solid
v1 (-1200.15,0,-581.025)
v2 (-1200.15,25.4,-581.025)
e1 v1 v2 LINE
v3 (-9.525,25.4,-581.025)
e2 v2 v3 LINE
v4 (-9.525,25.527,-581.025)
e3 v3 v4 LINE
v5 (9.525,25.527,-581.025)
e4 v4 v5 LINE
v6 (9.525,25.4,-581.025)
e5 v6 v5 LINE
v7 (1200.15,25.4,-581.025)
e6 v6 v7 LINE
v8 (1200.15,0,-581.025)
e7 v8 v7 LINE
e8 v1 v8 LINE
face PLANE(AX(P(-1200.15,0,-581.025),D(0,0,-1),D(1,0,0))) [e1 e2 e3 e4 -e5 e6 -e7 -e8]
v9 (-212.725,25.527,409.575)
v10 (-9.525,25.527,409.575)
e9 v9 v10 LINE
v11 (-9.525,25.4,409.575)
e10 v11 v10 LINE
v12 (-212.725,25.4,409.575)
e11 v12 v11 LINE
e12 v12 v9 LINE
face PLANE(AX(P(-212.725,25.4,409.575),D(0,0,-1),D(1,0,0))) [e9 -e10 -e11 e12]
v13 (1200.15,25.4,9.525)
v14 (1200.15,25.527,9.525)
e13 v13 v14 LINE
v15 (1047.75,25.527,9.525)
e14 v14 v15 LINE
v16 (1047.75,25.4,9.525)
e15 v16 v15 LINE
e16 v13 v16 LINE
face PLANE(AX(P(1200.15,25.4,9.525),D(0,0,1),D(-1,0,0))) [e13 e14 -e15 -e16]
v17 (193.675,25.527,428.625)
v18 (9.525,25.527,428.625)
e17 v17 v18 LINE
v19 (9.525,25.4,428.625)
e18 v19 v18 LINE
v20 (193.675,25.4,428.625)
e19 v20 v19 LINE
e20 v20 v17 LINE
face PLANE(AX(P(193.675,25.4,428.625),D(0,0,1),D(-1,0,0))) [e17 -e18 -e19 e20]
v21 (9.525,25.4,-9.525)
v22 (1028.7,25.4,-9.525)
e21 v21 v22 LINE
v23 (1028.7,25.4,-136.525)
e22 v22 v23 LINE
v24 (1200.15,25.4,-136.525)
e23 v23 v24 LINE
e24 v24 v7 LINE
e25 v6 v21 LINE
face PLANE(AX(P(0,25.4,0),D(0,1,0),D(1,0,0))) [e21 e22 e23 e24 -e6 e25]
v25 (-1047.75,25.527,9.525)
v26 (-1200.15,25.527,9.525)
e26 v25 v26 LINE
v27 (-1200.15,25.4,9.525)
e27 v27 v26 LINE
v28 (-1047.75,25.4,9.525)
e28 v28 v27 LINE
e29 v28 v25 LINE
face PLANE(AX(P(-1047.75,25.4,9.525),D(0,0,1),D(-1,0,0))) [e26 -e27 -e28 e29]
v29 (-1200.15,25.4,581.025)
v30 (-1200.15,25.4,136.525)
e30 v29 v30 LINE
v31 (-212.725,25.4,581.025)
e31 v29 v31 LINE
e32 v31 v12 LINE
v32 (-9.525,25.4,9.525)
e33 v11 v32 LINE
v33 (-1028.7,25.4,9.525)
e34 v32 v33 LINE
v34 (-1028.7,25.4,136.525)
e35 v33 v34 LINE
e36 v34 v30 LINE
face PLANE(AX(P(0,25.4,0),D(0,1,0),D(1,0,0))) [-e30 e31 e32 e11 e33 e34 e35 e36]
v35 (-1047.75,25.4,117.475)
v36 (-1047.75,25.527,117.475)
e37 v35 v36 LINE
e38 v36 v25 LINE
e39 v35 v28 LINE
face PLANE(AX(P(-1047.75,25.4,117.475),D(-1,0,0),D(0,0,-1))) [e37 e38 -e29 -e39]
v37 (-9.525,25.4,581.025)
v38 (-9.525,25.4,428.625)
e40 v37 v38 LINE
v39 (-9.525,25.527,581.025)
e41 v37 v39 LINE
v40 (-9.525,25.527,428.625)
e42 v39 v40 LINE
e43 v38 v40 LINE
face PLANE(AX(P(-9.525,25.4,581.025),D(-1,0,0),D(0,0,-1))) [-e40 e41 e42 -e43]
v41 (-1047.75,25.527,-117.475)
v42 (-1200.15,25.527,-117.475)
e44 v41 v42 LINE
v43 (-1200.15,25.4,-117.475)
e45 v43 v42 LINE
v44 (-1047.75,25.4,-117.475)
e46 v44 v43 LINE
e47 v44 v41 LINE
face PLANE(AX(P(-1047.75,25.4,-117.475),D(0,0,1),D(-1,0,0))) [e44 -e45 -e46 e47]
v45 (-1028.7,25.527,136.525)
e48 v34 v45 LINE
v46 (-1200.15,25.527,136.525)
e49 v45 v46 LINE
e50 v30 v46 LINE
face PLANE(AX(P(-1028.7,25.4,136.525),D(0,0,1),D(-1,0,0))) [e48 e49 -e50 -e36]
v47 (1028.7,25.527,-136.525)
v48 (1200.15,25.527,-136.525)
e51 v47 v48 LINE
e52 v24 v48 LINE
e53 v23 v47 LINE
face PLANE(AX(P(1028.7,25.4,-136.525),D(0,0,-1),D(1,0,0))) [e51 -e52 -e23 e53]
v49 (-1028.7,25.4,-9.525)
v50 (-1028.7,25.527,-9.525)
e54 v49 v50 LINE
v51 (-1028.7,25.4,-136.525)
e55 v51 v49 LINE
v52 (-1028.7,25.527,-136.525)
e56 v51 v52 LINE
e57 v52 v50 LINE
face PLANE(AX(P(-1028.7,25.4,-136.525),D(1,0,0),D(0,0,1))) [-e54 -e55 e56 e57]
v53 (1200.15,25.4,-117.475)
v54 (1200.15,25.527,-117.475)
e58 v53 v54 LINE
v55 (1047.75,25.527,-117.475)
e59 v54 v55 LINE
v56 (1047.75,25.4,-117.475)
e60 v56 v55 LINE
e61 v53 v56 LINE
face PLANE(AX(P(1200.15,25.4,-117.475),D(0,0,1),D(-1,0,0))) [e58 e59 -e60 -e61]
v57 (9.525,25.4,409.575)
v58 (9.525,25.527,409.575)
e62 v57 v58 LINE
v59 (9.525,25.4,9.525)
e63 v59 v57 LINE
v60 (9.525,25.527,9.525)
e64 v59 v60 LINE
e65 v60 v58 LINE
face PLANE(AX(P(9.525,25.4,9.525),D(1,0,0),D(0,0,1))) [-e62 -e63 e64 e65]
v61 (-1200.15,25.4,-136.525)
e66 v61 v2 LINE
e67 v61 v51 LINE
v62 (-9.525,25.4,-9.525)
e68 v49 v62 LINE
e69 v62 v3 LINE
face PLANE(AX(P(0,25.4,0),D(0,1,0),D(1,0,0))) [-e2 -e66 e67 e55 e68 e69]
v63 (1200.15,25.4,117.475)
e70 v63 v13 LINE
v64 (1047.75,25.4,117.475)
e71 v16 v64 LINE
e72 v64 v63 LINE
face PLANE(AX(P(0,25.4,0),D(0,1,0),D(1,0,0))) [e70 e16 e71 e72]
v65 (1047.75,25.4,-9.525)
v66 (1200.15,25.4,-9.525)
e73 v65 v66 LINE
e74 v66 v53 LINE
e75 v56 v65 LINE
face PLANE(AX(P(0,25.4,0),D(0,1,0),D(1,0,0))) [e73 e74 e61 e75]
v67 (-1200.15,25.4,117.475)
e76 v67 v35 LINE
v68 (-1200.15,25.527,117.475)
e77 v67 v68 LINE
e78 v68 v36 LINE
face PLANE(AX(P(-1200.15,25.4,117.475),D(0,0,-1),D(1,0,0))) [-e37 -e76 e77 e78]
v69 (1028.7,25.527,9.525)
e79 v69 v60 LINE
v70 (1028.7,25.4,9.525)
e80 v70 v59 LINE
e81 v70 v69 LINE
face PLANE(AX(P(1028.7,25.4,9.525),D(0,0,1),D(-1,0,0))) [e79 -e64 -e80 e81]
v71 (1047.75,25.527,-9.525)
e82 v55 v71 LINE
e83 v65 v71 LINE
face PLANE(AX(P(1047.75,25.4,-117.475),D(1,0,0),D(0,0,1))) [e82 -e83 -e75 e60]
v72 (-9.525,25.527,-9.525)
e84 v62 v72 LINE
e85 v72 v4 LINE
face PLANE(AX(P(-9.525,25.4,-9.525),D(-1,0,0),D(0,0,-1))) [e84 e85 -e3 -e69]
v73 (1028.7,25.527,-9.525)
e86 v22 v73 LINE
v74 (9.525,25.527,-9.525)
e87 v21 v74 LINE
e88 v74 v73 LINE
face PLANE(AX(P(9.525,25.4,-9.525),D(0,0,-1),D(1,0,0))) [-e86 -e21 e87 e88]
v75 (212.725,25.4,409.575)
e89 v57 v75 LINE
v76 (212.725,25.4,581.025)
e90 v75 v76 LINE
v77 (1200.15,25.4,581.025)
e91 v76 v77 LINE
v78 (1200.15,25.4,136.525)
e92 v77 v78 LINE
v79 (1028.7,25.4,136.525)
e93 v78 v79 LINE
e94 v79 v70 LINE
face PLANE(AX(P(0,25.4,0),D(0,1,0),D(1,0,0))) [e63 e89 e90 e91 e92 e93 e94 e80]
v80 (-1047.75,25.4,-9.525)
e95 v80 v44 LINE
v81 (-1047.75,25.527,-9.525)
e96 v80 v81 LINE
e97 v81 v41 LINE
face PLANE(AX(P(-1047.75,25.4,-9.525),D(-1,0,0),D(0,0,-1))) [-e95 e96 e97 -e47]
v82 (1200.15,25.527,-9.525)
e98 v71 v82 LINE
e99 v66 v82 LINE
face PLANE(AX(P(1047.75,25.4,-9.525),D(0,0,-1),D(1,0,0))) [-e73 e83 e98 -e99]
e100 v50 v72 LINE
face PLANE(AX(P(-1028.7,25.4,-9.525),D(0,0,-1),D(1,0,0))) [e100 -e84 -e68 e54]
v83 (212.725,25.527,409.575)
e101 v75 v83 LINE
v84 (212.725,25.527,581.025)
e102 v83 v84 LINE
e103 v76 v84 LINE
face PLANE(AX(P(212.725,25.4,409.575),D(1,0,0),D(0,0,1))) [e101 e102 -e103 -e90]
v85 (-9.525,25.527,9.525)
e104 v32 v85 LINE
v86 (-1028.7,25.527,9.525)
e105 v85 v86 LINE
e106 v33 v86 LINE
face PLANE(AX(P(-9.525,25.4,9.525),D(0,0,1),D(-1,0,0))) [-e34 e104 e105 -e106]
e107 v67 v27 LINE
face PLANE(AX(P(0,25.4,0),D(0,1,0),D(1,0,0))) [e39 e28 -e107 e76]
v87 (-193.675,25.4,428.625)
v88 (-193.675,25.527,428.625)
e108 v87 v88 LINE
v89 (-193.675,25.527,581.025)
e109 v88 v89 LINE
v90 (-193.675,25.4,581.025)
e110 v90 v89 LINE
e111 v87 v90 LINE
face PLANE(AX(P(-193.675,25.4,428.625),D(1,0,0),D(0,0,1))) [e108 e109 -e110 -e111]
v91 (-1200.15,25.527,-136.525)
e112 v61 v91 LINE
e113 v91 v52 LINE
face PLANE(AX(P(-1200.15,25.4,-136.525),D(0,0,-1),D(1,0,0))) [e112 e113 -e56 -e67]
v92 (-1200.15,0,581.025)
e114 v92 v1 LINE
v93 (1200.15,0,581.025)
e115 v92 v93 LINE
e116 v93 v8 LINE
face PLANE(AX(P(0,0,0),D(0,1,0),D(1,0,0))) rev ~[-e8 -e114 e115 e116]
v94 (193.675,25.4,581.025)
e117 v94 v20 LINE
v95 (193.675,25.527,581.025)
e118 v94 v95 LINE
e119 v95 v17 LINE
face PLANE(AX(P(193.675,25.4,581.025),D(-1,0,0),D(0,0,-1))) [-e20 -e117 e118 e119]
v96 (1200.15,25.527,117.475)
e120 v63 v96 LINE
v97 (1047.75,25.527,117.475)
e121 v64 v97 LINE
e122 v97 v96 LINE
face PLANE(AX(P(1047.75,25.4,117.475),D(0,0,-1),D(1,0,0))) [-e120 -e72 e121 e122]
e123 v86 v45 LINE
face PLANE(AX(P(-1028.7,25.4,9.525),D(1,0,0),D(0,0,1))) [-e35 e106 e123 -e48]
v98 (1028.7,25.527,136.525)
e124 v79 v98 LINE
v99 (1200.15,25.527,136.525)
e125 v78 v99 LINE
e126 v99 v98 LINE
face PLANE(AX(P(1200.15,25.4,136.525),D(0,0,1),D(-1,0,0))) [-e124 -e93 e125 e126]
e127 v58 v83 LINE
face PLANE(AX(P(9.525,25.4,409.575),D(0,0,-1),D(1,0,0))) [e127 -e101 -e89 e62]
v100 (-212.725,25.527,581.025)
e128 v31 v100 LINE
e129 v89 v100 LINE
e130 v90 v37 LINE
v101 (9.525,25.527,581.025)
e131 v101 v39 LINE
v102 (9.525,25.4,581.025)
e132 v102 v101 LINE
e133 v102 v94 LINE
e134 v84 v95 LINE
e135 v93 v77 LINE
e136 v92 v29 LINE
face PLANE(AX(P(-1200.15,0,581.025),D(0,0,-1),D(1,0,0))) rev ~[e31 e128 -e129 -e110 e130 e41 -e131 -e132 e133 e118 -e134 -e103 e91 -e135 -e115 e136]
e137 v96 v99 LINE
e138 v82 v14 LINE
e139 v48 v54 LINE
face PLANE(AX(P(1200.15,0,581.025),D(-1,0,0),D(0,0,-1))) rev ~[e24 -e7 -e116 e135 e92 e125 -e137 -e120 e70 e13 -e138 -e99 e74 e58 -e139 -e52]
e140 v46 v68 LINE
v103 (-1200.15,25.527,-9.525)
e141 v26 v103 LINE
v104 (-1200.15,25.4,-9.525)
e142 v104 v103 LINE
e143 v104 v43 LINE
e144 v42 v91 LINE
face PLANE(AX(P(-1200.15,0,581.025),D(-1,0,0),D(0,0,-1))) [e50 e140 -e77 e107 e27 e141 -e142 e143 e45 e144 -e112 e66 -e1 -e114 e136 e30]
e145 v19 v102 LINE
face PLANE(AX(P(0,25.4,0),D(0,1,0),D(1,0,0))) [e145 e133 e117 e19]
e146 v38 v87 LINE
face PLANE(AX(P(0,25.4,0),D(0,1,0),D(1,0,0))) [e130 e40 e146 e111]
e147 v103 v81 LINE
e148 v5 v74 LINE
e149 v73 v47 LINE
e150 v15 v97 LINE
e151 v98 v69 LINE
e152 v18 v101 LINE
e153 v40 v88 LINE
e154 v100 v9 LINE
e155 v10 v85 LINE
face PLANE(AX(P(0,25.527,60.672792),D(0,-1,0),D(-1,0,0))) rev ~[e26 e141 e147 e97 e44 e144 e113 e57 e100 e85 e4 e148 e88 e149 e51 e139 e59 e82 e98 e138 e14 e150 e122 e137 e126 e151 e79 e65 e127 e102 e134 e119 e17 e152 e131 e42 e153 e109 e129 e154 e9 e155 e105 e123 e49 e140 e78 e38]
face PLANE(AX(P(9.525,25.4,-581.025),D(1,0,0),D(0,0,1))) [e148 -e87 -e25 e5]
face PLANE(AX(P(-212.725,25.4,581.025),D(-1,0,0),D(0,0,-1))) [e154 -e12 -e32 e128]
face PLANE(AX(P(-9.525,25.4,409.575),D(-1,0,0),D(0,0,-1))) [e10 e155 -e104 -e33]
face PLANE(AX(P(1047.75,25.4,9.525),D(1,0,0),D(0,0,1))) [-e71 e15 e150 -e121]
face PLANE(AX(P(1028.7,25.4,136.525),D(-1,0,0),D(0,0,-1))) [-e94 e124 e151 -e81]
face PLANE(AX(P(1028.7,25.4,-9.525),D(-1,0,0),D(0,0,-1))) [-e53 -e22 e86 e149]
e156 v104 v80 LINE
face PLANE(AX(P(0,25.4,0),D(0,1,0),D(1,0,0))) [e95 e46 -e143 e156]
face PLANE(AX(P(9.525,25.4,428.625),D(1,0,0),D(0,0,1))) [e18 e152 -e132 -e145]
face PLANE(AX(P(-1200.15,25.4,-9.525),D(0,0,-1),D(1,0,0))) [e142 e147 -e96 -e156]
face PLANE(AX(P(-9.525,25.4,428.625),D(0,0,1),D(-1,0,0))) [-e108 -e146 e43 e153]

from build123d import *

# Parameters (mm, degrees)
SKETCH1_W           = 2400.3
SKETCH1_H           = 1162.05
BOSS_EXTRUDE1_DEPTH = 25.4
BOSS_EXTRUDE2_DEPTH = 0.127


with BuildPart() as part:
    # Sketch1 → Boss-Extrude1 (new body)
    with BuildSketch(Plane(origin=(0, 0, 0), x_dir=(1, 0, 0), z_dir=(0, 1, 0))):
        Rectangle(SKETCH1_W, SKETCH1_H)
    extrude(amount=BOSS_EXTRUDE1_DEPTH)

    # Sketch2 → Boss-Extrude2 (add)
    with BuildSketch(Plane(origin=(0, 25.4, 0), x_dir=(1, 0, 0), z_dir=(0, 1, 0))):
        Polygon((-1200.15, 136.525), (-1028.7, 136.525), (-1028.7, 9.525), (-9.525, 9.525), (-9.525, 581.025), (9.525, 581.025), (9.525, 9.525), (1028.7, 9.525), (1028.7, 136.525), (1200.15, 136.525), (1200.15, 117.475), (1047.75, 117.475), (1047.75, 9.525), (1200.15, 9.525), (1200.15, -9.525), (1047.75, -9.525), (1047.75, -117.475), (1200.15, -117.475), (1200.15, -136.525), (1028.7, -136.525), (1028.7, -9.525), (9.525, -9.525), (9.525, -409.575), (212.725, -409.575), (212.725, -581.025), (193.675, -581.025), (193.675, -428.625), (9.525, -428.625), (9.525, -581.025), (-9.525, -581.025), (-9.525, -428.625), (-193.675, -428.625), (-193.675, -581.025), (-212.725, -581.025), (-212.725, -409.575), (-9.525, -409.575), (-9.525, -9.525), (-1028.7, -9.525), (-1028.7, -136.525), (-1200.15, -136.525), (-1200.15, -117.475), (-1047.75, -117.475), (-1047.75, -9.525), (-1200.15, -9.525), (-1200.15, 9.525), (-1047.75, 9.525), (-1047.75, 117.475), (-1200.15, 117.475), align=None)
    extrude(amount=BOSS_EXTRUDE2_DEPTH)


solid = part.part
